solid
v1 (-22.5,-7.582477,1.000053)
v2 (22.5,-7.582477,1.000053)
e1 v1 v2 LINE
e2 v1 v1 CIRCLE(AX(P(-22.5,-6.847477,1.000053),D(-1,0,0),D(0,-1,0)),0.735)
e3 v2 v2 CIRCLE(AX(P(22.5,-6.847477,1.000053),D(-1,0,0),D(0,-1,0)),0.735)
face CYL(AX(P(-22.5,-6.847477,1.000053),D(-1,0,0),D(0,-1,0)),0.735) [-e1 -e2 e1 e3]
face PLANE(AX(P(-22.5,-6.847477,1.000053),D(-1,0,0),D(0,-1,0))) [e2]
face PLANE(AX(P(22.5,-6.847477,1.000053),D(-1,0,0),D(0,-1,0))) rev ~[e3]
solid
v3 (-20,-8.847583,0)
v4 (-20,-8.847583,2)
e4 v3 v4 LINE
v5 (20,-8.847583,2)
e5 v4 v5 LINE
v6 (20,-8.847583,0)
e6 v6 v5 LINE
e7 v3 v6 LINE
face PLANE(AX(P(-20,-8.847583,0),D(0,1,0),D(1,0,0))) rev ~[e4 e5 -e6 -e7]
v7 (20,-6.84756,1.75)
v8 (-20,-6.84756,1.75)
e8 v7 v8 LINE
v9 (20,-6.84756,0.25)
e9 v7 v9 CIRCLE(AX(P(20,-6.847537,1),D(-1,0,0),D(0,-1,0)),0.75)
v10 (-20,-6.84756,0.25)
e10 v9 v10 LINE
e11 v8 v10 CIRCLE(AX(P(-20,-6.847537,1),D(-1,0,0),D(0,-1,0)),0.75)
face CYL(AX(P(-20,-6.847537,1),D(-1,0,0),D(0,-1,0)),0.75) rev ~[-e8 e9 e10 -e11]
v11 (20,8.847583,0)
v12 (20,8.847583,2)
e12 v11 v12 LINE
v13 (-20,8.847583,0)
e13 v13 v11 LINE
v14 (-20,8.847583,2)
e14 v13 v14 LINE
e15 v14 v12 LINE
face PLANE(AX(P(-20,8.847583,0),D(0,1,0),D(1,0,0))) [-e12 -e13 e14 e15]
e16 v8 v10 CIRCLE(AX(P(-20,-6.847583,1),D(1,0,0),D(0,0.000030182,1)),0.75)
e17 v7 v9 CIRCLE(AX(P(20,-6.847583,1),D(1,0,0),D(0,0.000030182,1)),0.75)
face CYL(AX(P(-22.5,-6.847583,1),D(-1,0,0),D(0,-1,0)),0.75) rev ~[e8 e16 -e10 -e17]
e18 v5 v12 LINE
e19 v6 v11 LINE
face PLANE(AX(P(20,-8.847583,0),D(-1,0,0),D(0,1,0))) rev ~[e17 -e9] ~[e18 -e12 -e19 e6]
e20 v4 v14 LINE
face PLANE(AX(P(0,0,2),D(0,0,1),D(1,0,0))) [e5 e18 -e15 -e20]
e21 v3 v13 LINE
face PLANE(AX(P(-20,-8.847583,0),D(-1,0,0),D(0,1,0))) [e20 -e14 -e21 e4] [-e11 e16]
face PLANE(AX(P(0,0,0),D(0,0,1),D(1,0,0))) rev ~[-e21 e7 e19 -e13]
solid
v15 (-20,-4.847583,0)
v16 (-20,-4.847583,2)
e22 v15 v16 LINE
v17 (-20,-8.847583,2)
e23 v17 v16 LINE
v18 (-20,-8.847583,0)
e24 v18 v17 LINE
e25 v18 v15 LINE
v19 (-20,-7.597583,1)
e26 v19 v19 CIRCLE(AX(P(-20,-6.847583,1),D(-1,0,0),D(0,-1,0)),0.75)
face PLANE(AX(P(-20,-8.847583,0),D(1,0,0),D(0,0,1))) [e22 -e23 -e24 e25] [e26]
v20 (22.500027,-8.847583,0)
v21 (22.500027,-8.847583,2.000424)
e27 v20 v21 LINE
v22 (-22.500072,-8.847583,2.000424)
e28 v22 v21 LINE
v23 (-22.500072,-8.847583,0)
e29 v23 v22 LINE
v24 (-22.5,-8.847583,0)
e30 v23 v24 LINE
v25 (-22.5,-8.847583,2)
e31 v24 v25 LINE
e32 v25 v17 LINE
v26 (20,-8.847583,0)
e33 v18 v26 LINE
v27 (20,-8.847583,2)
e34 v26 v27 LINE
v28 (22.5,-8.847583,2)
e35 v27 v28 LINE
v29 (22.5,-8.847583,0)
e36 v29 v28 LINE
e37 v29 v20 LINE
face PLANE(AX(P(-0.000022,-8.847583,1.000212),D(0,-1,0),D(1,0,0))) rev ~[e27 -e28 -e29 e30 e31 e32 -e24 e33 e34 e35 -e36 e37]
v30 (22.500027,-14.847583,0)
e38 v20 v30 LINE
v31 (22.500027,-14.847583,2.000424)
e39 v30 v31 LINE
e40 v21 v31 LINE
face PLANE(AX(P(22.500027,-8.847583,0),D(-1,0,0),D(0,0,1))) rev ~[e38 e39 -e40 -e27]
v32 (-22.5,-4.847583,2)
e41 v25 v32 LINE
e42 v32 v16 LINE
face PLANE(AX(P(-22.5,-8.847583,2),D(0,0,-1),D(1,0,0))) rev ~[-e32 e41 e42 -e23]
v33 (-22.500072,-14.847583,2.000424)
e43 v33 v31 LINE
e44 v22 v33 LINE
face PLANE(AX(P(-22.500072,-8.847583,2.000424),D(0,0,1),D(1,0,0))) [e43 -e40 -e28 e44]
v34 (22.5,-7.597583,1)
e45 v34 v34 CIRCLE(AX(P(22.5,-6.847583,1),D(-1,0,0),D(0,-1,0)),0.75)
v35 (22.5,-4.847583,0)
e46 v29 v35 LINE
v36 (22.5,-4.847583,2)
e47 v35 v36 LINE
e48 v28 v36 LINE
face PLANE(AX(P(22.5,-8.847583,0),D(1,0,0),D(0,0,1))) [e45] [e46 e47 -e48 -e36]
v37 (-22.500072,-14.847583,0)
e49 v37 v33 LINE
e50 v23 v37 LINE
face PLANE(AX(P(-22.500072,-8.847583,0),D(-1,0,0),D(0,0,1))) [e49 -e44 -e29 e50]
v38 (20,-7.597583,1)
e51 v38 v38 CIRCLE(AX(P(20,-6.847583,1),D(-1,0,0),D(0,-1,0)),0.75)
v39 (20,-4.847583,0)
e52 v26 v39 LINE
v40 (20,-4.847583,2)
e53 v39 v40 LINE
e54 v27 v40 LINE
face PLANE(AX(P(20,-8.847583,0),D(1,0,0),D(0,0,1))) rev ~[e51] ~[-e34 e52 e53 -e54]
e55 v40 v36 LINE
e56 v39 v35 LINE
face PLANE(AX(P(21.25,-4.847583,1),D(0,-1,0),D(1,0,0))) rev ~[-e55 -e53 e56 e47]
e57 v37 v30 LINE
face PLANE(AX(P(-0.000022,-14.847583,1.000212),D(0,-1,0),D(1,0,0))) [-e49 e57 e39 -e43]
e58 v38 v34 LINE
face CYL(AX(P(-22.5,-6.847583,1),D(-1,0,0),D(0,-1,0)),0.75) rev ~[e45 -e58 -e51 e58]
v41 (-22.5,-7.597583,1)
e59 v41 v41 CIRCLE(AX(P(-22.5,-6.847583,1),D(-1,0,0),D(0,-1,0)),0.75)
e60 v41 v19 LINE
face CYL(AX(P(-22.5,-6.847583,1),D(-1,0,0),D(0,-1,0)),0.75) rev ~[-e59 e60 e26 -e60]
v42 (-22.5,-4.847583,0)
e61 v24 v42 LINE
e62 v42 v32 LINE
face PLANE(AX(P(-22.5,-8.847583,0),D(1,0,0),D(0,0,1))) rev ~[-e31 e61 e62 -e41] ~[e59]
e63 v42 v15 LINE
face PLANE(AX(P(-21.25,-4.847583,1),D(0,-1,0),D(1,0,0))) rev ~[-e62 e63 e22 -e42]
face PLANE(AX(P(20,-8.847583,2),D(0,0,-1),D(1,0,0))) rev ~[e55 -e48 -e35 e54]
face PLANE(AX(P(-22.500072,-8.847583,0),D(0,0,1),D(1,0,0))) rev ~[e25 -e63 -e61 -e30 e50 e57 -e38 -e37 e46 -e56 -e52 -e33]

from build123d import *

# Parameters (mm, degrees)
F0_W      = 40
F0_H      = 17.6951652771
F1_DEPTH  = 2
F4_W      = 45.0000986457
F4_H      = 2.0004236139
F5_DEPTH  = 6
F2_W      = 2.5
F2_H      = 2
F6_DEPTH  = 4
F7_R      = 0.75
F8_DEPTH  = 45
F9_R      = 0.75
F10_DEPTH = 40
F11_R     = 0.735
F12_DEPTH = 45


with BuildPart() as f1:
    # F0 (on Top) → F1 (new body)
    with BuildSketch(Plane.XY):
        Rectangle(F0_W, F0_H)
    extrude(amount=F1_DEPTH)


with BuildPart() as f5:
    # F4 (on offset) → F5 (new body)
    with BuildSketch(Plane.XZ.offset(8.8475826385)):
        with Locations((-2.23517e-05, 1.000211807)):
            Rectangle(F4_W, F4_H)
    extrude(amount=F5_DEPTH)

    # F2 (on face) → F6 (join)
    with BuildSketch(Plane.XZ.offset(8.8475826385)):
        with Locations((-21.25, 1)):
            Rectangle(F2_W, F2_H)
        with Locations((21.25, 1)):
            Rectangle(F2_W, F2_H)
    extrude(amount=-F6_DEPTH)


with BuildPart() as f8_tool:
    # F7 (on face) → F8 (new body)
    with BuildSketch(Plane(origin=(-22.5, 0, 0), x_dir=(0, -1, 0), z_dir=(-1, 0, 0))):
        with Locations((6.8475826385, 1)):
            Circle(F7_R)
    extrude(amount=-F8_DEPTH)


with BuildPart() as f1_1:
    add(f1.part)

    # F8: cut by f8_tool
    add(f8_tool.part, mode=Mode.SUBTRACT)

    # F9 (on face) → F10 (cut)
    with BuildSketch(Plane(origin=(-20, 0, 0), x_dir=(0, -1, 0), z_dir=(-1, 0, 0))):
        with Locations((6.8475373649, 1)):
            Circle(F9_R)
    extrude(amount=-F10_DEPTH, mode=Mode.SUBTRACT)


with BuildPart() as f5_1:
    add(f5.part)

    # F8: cut by f8_tool
    add(f8_tool.part, mode=Mode.SUBTRACT)


with BuildPart() as f12:
    # F11 (on face) → F12 (new body)
    with BuildSketch(Plane(origin=(-22.5, 0, 0), x_dir=(0, -1, 0), z_dir=(-1, 0, 0))):
        with Locations((6.8474767406, 1.0000529489)):
            Circle(F11_R)
    extrude(amount=-F12_DEPTH)


solid = Compound([f1_1.part, f5_1.part, f12.part])
